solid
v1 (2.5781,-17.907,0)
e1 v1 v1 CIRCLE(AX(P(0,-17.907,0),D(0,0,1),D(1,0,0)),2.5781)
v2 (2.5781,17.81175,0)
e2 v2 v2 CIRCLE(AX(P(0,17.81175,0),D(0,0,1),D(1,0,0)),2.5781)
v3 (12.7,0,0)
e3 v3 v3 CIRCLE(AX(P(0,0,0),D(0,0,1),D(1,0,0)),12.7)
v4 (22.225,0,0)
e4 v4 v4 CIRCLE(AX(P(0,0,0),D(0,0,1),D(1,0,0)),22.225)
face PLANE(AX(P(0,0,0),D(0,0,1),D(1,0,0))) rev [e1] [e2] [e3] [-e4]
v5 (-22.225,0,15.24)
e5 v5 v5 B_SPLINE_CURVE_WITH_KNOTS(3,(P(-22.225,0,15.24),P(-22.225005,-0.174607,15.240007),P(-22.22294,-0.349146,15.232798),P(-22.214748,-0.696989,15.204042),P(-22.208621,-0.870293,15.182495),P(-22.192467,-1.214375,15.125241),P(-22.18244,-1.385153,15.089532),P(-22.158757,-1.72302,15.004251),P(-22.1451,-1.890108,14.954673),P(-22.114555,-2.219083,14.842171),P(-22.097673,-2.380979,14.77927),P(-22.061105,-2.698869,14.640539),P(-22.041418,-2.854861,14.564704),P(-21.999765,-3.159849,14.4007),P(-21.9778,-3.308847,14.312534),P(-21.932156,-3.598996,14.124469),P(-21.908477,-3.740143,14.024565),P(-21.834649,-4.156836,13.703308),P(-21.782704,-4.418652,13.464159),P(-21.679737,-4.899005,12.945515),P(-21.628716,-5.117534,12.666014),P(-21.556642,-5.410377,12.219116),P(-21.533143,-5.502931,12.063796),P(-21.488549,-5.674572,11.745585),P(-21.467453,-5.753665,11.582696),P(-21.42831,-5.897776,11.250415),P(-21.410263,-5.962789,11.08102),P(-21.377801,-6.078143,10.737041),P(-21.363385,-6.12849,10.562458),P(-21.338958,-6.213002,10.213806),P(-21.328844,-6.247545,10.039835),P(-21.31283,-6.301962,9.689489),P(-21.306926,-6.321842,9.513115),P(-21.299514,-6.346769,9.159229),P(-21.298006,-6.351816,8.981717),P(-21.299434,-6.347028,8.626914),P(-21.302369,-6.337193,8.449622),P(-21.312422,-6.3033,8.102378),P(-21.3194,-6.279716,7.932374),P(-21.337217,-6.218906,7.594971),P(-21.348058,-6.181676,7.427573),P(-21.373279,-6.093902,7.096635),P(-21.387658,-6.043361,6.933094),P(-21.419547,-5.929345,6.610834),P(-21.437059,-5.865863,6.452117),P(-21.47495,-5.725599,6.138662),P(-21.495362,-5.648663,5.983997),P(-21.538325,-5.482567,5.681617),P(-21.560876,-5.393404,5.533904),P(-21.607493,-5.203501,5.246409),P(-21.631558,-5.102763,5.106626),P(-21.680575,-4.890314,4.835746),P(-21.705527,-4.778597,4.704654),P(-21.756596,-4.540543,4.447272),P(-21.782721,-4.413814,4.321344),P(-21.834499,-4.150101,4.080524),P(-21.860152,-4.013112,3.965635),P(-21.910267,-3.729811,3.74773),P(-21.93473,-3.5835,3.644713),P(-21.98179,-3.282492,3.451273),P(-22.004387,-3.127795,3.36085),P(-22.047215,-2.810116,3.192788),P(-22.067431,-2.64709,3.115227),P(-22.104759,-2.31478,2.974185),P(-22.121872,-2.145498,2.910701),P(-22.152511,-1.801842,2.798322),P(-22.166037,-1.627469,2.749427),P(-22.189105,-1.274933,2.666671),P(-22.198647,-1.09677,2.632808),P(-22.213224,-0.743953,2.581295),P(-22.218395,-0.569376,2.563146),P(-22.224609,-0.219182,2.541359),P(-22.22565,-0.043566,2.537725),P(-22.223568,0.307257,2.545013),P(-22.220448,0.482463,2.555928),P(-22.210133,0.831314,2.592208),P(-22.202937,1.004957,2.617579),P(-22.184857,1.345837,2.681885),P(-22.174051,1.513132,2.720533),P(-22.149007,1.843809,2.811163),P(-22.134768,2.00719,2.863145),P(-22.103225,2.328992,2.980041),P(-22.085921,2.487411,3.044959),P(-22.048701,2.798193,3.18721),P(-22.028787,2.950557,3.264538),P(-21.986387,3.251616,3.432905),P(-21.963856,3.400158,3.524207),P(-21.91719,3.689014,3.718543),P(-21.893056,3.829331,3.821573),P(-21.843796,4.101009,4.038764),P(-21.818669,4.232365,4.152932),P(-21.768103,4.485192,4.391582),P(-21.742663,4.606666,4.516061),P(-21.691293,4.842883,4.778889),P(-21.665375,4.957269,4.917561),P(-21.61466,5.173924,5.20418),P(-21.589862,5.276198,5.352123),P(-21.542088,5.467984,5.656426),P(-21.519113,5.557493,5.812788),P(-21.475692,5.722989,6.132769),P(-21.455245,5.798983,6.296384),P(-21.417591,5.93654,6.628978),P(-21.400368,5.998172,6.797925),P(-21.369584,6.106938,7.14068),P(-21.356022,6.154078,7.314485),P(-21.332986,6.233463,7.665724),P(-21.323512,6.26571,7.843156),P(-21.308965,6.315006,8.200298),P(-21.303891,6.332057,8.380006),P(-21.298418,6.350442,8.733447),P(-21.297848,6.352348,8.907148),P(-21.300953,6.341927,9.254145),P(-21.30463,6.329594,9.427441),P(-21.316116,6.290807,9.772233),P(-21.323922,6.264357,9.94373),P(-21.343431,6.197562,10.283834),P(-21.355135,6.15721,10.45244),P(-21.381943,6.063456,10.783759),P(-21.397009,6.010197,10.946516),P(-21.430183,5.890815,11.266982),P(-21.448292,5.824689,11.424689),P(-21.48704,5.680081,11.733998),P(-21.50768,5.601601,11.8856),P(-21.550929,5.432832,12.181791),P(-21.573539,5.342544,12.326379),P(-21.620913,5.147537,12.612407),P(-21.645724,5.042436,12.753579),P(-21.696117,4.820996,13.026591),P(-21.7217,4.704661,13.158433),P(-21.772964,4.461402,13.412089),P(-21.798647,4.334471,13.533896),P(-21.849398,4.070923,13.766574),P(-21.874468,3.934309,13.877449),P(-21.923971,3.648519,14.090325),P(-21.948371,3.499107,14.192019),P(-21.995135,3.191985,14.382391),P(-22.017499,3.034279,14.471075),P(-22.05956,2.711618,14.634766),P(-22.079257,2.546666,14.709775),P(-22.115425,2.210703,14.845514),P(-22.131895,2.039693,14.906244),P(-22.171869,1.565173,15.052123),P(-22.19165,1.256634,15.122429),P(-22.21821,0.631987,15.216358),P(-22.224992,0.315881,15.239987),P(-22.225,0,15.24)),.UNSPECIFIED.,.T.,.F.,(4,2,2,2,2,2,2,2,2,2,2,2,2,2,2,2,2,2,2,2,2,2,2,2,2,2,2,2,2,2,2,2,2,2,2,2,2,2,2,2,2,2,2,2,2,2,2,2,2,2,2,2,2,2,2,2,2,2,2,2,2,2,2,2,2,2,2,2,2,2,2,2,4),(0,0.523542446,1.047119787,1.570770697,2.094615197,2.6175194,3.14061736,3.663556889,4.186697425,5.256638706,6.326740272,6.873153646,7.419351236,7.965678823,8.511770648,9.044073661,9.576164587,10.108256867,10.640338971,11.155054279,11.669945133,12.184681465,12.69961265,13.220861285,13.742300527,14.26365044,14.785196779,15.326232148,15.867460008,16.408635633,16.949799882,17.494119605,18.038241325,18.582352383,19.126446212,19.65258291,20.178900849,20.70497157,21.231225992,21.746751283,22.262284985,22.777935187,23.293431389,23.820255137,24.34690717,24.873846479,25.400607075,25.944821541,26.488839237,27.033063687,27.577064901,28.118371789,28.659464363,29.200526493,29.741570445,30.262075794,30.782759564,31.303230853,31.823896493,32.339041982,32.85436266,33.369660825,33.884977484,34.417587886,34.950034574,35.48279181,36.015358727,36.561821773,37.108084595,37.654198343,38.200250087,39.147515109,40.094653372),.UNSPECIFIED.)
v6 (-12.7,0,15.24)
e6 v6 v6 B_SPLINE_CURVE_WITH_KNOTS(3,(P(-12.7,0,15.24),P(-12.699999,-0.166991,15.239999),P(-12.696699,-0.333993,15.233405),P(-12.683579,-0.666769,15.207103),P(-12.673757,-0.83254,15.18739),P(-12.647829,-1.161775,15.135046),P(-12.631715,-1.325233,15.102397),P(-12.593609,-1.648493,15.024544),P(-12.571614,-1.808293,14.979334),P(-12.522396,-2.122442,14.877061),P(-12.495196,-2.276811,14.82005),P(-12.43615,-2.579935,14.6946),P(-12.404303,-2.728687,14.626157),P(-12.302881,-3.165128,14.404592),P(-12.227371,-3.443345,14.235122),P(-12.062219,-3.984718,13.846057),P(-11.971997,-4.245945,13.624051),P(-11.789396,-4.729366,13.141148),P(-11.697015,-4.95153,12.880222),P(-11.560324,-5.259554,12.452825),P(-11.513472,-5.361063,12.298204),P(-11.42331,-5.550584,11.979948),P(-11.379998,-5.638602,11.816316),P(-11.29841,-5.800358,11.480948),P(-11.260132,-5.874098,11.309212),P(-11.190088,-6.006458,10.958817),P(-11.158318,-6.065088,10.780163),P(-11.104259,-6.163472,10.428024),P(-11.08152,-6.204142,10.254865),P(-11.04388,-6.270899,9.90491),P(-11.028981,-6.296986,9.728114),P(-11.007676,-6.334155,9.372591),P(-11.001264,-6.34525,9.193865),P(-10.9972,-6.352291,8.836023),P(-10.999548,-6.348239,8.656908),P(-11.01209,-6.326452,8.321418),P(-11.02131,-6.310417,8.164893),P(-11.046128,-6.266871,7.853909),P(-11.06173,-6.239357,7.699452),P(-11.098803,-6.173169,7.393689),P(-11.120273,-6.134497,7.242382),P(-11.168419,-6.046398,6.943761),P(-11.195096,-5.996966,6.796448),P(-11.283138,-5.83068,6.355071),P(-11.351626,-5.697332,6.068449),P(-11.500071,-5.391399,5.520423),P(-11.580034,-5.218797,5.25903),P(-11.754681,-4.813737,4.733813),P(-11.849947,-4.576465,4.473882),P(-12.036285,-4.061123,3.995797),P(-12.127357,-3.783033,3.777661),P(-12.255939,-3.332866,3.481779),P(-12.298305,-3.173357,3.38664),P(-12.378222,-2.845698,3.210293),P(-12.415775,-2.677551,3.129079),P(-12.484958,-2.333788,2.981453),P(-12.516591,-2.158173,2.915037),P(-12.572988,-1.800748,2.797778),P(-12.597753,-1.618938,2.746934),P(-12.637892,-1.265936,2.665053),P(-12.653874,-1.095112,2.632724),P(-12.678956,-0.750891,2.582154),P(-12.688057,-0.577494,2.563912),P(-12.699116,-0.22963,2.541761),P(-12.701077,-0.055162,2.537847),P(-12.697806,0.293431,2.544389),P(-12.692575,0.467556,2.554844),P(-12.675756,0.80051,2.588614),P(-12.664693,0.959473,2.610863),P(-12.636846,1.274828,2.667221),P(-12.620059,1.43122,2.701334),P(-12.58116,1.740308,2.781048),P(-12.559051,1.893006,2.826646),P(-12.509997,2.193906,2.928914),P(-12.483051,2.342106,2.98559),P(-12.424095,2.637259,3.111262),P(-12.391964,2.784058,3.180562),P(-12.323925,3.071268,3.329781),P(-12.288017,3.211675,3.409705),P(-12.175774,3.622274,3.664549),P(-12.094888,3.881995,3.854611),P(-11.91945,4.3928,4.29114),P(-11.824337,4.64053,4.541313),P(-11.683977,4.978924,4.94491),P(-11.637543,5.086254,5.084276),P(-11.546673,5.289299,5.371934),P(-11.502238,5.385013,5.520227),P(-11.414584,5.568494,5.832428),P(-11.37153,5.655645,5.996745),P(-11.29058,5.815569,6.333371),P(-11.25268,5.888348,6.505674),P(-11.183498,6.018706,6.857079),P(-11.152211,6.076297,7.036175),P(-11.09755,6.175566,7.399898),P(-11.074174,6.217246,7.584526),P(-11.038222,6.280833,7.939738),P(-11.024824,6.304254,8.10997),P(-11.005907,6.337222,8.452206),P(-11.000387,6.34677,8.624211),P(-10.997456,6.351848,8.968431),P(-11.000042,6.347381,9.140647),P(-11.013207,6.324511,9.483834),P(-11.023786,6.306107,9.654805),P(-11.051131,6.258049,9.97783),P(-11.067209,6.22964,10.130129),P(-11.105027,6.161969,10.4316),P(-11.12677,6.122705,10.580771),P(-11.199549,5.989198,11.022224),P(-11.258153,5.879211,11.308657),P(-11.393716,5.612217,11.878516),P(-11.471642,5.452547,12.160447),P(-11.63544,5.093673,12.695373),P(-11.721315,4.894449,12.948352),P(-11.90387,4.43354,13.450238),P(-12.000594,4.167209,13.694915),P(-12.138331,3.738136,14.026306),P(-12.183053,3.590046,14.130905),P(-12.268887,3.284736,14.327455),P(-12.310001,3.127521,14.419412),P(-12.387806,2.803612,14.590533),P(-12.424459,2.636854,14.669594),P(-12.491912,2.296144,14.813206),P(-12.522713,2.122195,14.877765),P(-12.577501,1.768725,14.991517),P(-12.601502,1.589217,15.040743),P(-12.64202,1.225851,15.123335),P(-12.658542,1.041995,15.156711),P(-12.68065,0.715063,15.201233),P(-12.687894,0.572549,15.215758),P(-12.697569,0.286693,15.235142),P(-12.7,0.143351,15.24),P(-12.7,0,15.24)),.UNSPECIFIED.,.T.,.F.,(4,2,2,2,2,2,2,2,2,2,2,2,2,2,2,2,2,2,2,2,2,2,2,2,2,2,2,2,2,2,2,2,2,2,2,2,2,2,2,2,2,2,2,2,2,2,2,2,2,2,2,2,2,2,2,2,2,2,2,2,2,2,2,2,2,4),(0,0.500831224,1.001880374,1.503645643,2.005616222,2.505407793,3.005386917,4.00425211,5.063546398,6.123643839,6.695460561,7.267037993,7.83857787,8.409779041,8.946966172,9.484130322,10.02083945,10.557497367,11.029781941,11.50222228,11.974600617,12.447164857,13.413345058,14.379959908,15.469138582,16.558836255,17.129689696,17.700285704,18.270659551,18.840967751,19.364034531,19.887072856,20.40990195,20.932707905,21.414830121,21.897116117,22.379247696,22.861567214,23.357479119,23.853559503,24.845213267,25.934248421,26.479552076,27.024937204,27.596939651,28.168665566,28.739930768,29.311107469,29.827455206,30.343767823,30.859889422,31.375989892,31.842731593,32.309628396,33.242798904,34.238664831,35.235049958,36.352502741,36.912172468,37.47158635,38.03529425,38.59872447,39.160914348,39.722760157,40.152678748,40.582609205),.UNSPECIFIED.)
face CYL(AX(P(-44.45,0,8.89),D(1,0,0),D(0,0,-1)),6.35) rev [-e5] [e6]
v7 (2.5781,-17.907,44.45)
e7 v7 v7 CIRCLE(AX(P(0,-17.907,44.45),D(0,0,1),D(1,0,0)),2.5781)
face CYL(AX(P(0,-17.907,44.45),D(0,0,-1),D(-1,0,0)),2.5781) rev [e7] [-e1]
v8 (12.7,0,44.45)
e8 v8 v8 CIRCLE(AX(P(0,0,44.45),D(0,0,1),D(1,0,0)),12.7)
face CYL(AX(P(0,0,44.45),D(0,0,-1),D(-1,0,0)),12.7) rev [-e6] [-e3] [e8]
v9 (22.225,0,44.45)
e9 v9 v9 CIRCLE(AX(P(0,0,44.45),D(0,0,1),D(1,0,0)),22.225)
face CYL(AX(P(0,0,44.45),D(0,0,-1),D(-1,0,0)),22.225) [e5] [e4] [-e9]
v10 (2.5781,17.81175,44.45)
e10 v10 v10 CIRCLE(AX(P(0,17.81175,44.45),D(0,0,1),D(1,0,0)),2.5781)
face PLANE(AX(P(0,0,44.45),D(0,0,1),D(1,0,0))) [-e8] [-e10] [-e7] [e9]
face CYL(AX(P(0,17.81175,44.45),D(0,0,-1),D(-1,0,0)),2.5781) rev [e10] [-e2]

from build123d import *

# Parameters (mm, degrees)
SKETCH1_R           = 22.225
SKETCH1_R_2         = 12.7
SKETCH1_R_3         = 2.5781
BOSS_EXTRUDE1_DEPTH = 44.45
SKETCH2_R           = 6.35
CUT_EXTRUDE1_DEPTH  = 44.45


with BuildPart() as part:
    # Sketch1 → Boss-Extrude1 (new body)
    with BuildSketch(Plane.XY):
        Circle(SKETCH1_R)
        Circle(SKETCH1_R_2, mode=Mode.SUBTRACT)
        with Locations((0, 17.81175)):
            Circle(SKETCH1_R_3, mode=Mode.SUBTRACT)
        with Locations((0, -17.907)):
            Circle(SKETCH1_R_3, mode=Mode.SUBTRACT)
    extrude(amount=BOSS_EXTRUDE1_DEPTH)

    # Sketch2 → Cut-Extrude1 (cut)
    with BuildSketch(Plane(origin=(0, 0, 0), x_dir=(0, 0, -1), z_dir=(1, 0, 0))):
        with Locations((-8.89, 0)):
            Circle(SKETCH2_R)
    extrude(amount=-CUT_EXTRUDE1_DEPTH, mode=Mode.SUBTRACT)


solid = part.part
